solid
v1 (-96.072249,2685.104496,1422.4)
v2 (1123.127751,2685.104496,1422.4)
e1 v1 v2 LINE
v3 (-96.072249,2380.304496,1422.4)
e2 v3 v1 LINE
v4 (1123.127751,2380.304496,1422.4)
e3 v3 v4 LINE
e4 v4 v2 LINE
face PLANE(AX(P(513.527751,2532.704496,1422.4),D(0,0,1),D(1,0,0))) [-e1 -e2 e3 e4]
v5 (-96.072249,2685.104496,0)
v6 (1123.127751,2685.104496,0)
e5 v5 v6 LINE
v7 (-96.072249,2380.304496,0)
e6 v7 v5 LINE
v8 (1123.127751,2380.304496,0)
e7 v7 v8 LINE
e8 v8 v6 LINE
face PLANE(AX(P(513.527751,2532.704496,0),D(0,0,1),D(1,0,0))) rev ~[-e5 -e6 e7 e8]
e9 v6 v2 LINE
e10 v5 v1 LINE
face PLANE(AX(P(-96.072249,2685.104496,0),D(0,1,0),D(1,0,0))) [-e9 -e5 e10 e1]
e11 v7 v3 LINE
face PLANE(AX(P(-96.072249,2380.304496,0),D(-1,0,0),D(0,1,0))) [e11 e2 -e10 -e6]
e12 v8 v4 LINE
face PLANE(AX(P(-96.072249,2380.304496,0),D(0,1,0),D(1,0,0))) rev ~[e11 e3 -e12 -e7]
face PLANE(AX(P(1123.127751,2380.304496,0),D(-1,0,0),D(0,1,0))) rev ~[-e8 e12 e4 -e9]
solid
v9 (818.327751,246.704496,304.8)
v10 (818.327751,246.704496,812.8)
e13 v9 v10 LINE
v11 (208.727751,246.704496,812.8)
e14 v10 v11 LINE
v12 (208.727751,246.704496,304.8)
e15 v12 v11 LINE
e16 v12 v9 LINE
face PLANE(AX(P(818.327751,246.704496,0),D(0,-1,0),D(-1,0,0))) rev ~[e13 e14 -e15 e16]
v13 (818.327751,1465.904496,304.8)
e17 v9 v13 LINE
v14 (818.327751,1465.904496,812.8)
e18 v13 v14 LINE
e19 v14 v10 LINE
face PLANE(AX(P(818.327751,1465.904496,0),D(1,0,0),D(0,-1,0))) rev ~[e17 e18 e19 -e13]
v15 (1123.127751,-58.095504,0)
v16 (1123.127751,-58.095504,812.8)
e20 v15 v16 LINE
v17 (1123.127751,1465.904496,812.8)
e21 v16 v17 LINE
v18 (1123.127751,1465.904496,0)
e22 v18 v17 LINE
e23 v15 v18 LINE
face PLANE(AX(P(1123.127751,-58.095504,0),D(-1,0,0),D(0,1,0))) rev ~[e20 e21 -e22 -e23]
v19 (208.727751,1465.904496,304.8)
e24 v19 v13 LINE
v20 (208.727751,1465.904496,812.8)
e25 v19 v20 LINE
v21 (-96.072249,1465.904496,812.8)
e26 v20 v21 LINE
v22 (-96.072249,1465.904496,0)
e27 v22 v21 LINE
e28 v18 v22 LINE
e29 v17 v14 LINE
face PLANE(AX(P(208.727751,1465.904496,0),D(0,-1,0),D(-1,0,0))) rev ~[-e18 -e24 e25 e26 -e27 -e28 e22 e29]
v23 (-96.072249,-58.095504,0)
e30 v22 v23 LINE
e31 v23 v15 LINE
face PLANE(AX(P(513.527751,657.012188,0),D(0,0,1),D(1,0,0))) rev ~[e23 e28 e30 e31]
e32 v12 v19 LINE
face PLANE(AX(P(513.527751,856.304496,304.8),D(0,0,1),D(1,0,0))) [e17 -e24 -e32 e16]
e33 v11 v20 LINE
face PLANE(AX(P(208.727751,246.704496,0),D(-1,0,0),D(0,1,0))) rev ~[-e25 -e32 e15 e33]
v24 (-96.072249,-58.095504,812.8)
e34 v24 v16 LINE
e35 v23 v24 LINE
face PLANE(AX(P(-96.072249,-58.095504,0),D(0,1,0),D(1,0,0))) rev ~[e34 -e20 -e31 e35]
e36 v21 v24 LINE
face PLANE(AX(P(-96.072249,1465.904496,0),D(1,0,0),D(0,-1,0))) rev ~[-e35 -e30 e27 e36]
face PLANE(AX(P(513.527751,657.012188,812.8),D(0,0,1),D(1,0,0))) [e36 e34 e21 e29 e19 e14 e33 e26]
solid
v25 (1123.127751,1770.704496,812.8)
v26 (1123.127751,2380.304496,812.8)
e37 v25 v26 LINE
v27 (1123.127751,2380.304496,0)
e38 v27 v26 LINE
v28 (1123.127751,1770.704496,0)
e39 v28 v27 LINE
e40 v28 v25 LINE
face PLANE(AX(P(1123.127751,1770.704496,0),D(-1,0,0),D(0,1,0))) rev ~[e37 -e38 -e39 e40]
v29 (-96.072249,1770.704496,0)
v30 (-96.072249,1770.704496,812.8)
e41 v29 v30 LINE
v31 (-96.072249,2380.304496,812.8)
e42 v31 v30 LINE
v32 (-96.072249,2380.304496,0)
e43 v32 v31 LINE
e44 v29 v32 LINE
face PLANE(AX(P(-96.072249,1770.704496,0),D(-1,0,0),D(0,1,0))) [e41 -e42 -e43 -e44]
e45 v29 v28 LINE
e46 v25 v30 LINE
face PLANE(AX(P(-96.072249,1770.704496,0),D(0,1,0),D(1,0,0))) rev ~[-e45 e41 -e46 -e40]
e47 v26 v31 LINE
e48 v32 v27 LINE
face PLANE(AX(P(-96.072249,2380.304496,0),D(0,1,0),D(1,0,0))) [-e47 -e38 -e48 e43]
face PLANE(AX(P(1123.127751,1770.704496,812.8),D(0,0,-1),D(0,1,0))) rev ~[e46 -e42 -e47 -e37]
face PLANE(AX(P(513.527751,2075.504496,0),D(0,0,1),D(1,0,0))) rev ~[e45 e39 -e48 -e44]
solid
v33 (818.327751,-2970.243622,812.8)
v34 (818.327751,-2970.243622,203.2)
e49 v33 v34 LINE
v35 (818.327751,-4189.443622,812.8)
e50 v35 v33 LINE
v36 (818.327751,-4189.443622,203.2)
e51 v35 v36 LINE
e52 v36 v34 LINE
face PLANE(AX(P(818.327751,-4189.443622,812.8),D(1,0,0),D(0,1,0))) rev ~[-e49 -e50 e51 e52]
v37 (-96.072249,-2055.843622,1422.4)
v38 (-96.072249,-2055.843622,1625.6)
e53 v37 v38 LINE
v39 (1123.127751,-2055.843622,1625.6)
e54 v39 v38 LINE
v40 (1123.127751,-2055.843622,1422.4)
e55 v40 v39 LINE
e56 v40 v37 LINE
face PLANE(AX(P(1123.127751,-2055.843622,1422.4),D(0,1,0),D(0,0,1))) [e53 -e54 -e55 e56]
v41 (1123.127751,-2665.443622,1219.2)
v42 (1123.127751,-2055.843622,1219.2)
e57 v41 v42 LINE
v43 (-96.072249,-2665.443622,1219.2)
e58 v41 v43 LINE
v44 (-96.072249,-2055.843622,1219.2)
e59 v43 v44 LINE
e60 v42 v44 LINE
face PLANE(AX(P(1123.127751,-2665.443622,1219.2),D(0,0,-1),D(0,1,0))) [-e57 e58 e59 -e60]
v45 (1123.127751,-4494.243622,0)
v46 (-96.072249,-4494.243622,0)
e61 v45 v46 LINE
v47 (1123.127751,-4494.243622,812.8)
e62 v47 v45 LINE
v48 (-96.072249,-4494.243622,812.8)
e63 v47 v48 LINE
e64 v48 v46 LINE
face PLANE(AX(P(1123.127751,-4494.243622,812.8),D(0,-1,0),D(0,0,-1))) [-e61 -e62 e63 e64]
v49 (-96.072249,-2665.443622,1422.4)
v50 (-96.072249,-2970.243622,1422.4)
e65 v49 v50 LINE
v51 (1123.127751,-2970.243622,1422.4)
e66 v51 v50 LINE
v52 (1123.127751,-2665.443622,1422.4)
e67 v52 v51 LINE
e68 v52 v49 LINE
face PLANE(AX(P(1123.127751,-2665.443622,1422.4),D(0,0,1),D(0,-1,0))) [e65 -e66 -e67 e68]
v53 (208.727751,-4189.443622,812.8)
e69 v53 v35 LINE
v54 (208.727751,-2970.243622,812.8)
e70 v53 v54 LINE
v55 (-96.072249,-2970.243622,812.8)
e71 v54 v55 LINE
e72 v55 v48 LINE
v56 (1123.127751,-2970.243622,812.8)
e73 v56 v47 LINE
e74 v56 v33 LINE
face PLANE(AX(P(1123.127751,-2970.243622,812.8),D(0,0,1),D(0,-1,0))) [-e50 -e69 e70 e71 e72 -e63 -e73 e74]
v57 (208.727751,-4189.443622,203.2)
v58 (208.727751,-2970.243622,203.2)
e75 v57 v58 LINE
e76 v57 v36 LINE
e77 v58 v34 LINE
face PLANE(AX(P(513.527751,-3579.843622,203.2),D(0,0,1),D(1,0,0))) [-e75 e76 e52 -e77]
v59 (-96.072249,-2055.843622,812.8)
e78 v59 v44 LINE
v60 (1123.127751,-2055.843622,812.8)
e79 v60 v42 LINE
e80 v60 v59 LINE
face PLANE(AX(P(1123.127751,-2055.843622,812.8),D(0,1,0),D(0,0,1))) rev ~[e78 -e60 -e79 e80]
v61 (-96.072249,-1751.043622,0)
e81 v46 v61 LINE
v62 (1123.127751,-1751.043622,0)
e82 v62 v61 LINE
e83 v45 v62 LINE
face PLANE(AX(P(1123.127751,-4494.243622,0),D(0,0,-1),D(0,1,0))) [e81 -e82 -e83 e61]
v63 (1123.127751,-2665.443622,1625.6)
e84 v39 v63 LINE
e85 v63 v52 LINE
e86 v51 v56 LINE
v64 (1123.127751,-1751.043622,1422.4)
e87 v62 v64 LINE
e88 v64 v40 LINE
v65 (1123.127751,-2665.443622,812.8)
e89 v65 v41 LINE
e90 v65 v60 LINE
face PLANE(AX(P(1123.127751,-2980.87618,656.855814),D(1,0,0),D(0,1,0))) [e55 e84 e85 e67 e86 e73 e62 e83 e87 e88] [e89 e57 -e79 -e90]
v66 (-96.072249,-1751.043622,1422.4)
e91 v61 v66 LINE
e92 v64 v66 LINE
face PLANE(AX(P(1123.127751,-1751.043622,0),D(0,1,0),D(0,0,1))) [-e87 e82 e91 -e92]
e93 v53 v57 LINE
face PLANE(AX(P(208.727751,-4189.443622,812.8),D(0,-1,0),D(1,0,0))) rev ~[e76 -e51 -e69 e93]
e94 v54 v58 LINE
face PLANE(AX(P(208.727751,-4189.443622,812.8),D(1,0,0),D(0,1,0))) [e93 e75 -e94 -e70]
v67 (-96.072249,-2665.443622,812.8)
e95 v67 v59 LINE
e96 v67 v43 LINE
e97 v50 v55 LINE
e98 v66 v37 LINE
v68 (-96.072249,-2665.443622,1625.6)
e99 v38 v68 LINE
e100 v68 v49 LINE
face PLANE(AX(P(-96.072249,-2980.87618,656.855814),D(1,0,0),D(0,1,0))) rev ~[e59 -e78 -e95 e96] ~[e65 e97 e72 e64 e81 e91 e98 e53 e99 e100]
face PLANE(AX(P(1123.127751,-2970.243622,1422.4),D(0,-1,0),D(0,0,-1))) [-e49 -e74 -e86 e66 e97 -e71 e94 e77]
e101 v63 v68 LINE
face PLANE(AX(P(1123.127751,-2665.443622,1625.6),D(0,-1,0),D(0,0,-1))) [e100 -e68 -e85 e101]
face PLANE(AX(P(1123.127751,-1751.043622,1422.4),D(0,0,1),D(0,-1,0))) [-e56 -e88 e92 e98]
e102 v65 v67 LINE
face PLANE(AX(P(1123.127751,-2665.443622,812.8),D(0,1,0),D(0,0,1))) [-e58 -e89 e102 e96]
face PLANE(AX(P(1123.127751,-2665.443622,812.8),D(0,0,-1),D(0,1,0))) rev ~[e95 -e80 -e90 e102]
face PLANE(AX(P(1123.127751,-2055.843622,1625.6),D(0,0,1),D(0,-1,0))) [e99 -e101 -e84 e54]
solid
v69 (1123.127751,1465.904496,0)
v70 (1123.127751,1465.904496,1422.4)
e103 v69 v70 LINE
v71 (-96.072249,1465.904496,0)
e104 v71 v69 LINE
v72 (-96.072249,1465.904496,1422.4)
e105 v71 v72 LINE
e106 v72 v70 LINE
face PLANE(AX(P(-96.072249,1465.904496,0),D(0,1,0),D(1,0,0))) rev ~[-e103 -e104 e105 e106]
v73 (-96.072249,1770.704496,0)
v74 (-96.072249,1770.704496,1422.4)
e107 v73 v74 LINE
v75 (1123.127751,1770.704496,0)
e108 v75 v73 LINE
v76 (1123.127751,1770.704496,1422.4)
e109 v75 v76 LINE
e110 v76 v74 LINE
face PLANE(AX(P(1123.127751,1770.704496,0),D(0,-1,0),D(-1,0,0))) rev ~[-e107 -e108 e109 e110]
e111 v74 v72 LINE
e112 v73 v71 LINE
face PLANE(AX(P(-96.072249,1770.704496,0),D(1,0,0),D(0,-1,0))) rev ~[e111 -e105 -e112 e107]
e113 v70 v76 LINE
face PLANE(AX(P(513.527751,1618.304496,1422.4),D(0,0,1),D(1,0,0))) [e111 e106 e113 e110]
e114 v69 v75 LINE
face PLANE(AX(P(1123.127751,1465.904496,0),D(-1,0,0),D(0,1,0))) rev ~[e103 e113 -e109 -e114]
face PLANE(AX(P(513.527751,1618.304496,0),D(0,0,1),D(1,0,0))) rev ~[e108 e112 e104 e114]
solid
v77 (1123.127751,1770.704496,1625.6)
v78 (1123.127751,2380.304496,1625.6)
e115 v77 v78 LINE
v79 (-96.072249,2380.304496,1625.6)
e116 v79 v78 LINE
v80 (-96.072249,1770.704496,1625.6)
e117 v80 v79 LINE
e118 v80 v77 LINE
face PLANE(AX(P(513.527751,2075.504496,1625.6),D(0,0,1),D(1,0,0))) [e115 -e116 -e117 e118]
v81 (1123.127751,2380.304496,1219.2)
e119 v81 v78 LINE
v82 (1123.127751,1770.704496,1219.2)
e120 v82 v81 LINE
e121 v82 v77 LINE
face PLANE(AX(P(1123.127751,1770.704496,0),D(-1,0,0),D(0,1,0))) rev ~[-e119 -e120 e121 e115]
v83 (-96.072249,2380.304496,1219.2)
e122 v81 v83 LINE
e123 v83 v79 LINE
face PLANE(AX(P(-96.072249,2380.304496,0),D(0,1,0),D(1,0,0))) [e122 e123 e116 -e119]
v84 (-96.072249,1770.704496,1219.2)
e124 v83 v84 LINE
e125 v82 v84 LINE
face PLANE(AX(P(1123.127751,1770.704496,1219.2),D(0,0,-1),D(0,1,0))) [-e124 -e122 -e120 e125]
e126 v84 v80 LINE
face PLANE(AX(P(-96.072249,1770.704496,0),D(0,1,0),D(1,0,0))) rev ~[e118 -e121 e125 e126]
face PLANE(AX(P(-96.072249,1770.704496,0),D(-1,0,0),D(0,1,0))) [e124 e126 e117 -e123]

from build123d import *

# Parameters (mm, degrees)
F0_W      = 609.6
F0_H      = 1219.2
F1_DEPTH  = 304.8
F2_DEPTH  = 812.8
F0_W_2    = 1219.2
F0_H_2    = 304.8
F3_DEPTH  = 1422.4
F0_H_3    = 609.6
F4_DEPTH  = 1625.6
F5_W      = 609.6
F5_H      = 406.4
F6_DEPTH  = 1219.201
F7_W      = 609.6
F7_H      = 406.4
F8_DEPTH  = 1219.2
F9_W      = 609.6
F9_H      = 1219.2
F10_DEPTH = 609.6


with BuildPart() as f1:
    # F0 (on Top) → F1 (new body)
    with BuildSketch(Plane.XY):
        with Locations((513.527751, 856.304496)):
            Rectangle(F0_W, F0_H)
    extrude(amount=F1_DEPTH)

    # F0 (on Top) → F2 (join)
    with BuildSketch(Plane.XY):
        Polygon((-96.072249, 1465.904496), (-96.072249, -58.095504), (1123.127751, -58.095504), (1123.127751, 1465.904496), (818.327751, 1465.904496), (818.327751, 246.704496), (208.727751, 246.704496), (208.727751, 1465.904496), align=None)
    extrude(amount=F2_DEPTH)


with BuildPart() as f3:
    # F0 (on Top) → F3 (new body)
    with BuildSketch(Plane.XY):
        Polygon((-96.072249, 1770.704496), (-96.072249, 1465.904496), (208.727751, 1465.904496), (818.327751, 1465.904496), (1123.127751, 1465.904496), (1123.127751, 1770.704496), align=None)
        with Locations((513.527751, 2532.704496)):
            Rectangle(F0_W_2, F0_H_2)
    extrude(amount=F3_DEPTH)


with BuildPart() as f4:
    # F0 (on Top) → F4 (new body)
    with BuildSketch(Plane.XY):
        with Locations((513.527751, 2075.504496)):
            Rectangle(F0_W_2, F0_H_3)
    extrude(amount=F4_DEPTH)

    # F5 (on face) → F6 (cut, through all)
    with BuildSketch(Plane.YZ.offset(1123.127751)):
        with Locations((2075.504496, 1016)):
            Rectangle(F5_W, F5_H)
    extrude(amount=-F6_DEPTH, mode=Mode.SUBTRACT)


with BuildPart() as f8:
    # F7 (on face) → F8 (new body)
    with BuildSketch(Plane.YZ.offset(1123.127751)):
        Polygon((-4494.243622, 812.8), (-4494.243622, 0), (-1751.043622, 0), (-1751.043622, 1422.4), (-2055.843622, 1422.4), (-2055.843622, 1625.6), (-2665.443622, 1625.6), (-2665.443622, 1422.4), (-2970.243622, 1422.4), (-2970.243622, 812.8), align=None)
        with Locations((-2360.643622, 1016)):
            Rectangle(F7_W, F7_H, mode=Mode.SUBTRACT)
    extrude(amount=-F8_DEPTH)

    # F9 (on face) → F10 (cut)
    with BuildSketch(Plane.XY.offset(812.8)):
        with Locations((513.527751, -3579.843622)):
            Rectangle(F9_W, F9_H)
    extrude(amount=-F10_DEPTH, mode=Mode.SUBTRACT)


solid = Compound([f1.part, f3.part, f4.part, f8.part])
